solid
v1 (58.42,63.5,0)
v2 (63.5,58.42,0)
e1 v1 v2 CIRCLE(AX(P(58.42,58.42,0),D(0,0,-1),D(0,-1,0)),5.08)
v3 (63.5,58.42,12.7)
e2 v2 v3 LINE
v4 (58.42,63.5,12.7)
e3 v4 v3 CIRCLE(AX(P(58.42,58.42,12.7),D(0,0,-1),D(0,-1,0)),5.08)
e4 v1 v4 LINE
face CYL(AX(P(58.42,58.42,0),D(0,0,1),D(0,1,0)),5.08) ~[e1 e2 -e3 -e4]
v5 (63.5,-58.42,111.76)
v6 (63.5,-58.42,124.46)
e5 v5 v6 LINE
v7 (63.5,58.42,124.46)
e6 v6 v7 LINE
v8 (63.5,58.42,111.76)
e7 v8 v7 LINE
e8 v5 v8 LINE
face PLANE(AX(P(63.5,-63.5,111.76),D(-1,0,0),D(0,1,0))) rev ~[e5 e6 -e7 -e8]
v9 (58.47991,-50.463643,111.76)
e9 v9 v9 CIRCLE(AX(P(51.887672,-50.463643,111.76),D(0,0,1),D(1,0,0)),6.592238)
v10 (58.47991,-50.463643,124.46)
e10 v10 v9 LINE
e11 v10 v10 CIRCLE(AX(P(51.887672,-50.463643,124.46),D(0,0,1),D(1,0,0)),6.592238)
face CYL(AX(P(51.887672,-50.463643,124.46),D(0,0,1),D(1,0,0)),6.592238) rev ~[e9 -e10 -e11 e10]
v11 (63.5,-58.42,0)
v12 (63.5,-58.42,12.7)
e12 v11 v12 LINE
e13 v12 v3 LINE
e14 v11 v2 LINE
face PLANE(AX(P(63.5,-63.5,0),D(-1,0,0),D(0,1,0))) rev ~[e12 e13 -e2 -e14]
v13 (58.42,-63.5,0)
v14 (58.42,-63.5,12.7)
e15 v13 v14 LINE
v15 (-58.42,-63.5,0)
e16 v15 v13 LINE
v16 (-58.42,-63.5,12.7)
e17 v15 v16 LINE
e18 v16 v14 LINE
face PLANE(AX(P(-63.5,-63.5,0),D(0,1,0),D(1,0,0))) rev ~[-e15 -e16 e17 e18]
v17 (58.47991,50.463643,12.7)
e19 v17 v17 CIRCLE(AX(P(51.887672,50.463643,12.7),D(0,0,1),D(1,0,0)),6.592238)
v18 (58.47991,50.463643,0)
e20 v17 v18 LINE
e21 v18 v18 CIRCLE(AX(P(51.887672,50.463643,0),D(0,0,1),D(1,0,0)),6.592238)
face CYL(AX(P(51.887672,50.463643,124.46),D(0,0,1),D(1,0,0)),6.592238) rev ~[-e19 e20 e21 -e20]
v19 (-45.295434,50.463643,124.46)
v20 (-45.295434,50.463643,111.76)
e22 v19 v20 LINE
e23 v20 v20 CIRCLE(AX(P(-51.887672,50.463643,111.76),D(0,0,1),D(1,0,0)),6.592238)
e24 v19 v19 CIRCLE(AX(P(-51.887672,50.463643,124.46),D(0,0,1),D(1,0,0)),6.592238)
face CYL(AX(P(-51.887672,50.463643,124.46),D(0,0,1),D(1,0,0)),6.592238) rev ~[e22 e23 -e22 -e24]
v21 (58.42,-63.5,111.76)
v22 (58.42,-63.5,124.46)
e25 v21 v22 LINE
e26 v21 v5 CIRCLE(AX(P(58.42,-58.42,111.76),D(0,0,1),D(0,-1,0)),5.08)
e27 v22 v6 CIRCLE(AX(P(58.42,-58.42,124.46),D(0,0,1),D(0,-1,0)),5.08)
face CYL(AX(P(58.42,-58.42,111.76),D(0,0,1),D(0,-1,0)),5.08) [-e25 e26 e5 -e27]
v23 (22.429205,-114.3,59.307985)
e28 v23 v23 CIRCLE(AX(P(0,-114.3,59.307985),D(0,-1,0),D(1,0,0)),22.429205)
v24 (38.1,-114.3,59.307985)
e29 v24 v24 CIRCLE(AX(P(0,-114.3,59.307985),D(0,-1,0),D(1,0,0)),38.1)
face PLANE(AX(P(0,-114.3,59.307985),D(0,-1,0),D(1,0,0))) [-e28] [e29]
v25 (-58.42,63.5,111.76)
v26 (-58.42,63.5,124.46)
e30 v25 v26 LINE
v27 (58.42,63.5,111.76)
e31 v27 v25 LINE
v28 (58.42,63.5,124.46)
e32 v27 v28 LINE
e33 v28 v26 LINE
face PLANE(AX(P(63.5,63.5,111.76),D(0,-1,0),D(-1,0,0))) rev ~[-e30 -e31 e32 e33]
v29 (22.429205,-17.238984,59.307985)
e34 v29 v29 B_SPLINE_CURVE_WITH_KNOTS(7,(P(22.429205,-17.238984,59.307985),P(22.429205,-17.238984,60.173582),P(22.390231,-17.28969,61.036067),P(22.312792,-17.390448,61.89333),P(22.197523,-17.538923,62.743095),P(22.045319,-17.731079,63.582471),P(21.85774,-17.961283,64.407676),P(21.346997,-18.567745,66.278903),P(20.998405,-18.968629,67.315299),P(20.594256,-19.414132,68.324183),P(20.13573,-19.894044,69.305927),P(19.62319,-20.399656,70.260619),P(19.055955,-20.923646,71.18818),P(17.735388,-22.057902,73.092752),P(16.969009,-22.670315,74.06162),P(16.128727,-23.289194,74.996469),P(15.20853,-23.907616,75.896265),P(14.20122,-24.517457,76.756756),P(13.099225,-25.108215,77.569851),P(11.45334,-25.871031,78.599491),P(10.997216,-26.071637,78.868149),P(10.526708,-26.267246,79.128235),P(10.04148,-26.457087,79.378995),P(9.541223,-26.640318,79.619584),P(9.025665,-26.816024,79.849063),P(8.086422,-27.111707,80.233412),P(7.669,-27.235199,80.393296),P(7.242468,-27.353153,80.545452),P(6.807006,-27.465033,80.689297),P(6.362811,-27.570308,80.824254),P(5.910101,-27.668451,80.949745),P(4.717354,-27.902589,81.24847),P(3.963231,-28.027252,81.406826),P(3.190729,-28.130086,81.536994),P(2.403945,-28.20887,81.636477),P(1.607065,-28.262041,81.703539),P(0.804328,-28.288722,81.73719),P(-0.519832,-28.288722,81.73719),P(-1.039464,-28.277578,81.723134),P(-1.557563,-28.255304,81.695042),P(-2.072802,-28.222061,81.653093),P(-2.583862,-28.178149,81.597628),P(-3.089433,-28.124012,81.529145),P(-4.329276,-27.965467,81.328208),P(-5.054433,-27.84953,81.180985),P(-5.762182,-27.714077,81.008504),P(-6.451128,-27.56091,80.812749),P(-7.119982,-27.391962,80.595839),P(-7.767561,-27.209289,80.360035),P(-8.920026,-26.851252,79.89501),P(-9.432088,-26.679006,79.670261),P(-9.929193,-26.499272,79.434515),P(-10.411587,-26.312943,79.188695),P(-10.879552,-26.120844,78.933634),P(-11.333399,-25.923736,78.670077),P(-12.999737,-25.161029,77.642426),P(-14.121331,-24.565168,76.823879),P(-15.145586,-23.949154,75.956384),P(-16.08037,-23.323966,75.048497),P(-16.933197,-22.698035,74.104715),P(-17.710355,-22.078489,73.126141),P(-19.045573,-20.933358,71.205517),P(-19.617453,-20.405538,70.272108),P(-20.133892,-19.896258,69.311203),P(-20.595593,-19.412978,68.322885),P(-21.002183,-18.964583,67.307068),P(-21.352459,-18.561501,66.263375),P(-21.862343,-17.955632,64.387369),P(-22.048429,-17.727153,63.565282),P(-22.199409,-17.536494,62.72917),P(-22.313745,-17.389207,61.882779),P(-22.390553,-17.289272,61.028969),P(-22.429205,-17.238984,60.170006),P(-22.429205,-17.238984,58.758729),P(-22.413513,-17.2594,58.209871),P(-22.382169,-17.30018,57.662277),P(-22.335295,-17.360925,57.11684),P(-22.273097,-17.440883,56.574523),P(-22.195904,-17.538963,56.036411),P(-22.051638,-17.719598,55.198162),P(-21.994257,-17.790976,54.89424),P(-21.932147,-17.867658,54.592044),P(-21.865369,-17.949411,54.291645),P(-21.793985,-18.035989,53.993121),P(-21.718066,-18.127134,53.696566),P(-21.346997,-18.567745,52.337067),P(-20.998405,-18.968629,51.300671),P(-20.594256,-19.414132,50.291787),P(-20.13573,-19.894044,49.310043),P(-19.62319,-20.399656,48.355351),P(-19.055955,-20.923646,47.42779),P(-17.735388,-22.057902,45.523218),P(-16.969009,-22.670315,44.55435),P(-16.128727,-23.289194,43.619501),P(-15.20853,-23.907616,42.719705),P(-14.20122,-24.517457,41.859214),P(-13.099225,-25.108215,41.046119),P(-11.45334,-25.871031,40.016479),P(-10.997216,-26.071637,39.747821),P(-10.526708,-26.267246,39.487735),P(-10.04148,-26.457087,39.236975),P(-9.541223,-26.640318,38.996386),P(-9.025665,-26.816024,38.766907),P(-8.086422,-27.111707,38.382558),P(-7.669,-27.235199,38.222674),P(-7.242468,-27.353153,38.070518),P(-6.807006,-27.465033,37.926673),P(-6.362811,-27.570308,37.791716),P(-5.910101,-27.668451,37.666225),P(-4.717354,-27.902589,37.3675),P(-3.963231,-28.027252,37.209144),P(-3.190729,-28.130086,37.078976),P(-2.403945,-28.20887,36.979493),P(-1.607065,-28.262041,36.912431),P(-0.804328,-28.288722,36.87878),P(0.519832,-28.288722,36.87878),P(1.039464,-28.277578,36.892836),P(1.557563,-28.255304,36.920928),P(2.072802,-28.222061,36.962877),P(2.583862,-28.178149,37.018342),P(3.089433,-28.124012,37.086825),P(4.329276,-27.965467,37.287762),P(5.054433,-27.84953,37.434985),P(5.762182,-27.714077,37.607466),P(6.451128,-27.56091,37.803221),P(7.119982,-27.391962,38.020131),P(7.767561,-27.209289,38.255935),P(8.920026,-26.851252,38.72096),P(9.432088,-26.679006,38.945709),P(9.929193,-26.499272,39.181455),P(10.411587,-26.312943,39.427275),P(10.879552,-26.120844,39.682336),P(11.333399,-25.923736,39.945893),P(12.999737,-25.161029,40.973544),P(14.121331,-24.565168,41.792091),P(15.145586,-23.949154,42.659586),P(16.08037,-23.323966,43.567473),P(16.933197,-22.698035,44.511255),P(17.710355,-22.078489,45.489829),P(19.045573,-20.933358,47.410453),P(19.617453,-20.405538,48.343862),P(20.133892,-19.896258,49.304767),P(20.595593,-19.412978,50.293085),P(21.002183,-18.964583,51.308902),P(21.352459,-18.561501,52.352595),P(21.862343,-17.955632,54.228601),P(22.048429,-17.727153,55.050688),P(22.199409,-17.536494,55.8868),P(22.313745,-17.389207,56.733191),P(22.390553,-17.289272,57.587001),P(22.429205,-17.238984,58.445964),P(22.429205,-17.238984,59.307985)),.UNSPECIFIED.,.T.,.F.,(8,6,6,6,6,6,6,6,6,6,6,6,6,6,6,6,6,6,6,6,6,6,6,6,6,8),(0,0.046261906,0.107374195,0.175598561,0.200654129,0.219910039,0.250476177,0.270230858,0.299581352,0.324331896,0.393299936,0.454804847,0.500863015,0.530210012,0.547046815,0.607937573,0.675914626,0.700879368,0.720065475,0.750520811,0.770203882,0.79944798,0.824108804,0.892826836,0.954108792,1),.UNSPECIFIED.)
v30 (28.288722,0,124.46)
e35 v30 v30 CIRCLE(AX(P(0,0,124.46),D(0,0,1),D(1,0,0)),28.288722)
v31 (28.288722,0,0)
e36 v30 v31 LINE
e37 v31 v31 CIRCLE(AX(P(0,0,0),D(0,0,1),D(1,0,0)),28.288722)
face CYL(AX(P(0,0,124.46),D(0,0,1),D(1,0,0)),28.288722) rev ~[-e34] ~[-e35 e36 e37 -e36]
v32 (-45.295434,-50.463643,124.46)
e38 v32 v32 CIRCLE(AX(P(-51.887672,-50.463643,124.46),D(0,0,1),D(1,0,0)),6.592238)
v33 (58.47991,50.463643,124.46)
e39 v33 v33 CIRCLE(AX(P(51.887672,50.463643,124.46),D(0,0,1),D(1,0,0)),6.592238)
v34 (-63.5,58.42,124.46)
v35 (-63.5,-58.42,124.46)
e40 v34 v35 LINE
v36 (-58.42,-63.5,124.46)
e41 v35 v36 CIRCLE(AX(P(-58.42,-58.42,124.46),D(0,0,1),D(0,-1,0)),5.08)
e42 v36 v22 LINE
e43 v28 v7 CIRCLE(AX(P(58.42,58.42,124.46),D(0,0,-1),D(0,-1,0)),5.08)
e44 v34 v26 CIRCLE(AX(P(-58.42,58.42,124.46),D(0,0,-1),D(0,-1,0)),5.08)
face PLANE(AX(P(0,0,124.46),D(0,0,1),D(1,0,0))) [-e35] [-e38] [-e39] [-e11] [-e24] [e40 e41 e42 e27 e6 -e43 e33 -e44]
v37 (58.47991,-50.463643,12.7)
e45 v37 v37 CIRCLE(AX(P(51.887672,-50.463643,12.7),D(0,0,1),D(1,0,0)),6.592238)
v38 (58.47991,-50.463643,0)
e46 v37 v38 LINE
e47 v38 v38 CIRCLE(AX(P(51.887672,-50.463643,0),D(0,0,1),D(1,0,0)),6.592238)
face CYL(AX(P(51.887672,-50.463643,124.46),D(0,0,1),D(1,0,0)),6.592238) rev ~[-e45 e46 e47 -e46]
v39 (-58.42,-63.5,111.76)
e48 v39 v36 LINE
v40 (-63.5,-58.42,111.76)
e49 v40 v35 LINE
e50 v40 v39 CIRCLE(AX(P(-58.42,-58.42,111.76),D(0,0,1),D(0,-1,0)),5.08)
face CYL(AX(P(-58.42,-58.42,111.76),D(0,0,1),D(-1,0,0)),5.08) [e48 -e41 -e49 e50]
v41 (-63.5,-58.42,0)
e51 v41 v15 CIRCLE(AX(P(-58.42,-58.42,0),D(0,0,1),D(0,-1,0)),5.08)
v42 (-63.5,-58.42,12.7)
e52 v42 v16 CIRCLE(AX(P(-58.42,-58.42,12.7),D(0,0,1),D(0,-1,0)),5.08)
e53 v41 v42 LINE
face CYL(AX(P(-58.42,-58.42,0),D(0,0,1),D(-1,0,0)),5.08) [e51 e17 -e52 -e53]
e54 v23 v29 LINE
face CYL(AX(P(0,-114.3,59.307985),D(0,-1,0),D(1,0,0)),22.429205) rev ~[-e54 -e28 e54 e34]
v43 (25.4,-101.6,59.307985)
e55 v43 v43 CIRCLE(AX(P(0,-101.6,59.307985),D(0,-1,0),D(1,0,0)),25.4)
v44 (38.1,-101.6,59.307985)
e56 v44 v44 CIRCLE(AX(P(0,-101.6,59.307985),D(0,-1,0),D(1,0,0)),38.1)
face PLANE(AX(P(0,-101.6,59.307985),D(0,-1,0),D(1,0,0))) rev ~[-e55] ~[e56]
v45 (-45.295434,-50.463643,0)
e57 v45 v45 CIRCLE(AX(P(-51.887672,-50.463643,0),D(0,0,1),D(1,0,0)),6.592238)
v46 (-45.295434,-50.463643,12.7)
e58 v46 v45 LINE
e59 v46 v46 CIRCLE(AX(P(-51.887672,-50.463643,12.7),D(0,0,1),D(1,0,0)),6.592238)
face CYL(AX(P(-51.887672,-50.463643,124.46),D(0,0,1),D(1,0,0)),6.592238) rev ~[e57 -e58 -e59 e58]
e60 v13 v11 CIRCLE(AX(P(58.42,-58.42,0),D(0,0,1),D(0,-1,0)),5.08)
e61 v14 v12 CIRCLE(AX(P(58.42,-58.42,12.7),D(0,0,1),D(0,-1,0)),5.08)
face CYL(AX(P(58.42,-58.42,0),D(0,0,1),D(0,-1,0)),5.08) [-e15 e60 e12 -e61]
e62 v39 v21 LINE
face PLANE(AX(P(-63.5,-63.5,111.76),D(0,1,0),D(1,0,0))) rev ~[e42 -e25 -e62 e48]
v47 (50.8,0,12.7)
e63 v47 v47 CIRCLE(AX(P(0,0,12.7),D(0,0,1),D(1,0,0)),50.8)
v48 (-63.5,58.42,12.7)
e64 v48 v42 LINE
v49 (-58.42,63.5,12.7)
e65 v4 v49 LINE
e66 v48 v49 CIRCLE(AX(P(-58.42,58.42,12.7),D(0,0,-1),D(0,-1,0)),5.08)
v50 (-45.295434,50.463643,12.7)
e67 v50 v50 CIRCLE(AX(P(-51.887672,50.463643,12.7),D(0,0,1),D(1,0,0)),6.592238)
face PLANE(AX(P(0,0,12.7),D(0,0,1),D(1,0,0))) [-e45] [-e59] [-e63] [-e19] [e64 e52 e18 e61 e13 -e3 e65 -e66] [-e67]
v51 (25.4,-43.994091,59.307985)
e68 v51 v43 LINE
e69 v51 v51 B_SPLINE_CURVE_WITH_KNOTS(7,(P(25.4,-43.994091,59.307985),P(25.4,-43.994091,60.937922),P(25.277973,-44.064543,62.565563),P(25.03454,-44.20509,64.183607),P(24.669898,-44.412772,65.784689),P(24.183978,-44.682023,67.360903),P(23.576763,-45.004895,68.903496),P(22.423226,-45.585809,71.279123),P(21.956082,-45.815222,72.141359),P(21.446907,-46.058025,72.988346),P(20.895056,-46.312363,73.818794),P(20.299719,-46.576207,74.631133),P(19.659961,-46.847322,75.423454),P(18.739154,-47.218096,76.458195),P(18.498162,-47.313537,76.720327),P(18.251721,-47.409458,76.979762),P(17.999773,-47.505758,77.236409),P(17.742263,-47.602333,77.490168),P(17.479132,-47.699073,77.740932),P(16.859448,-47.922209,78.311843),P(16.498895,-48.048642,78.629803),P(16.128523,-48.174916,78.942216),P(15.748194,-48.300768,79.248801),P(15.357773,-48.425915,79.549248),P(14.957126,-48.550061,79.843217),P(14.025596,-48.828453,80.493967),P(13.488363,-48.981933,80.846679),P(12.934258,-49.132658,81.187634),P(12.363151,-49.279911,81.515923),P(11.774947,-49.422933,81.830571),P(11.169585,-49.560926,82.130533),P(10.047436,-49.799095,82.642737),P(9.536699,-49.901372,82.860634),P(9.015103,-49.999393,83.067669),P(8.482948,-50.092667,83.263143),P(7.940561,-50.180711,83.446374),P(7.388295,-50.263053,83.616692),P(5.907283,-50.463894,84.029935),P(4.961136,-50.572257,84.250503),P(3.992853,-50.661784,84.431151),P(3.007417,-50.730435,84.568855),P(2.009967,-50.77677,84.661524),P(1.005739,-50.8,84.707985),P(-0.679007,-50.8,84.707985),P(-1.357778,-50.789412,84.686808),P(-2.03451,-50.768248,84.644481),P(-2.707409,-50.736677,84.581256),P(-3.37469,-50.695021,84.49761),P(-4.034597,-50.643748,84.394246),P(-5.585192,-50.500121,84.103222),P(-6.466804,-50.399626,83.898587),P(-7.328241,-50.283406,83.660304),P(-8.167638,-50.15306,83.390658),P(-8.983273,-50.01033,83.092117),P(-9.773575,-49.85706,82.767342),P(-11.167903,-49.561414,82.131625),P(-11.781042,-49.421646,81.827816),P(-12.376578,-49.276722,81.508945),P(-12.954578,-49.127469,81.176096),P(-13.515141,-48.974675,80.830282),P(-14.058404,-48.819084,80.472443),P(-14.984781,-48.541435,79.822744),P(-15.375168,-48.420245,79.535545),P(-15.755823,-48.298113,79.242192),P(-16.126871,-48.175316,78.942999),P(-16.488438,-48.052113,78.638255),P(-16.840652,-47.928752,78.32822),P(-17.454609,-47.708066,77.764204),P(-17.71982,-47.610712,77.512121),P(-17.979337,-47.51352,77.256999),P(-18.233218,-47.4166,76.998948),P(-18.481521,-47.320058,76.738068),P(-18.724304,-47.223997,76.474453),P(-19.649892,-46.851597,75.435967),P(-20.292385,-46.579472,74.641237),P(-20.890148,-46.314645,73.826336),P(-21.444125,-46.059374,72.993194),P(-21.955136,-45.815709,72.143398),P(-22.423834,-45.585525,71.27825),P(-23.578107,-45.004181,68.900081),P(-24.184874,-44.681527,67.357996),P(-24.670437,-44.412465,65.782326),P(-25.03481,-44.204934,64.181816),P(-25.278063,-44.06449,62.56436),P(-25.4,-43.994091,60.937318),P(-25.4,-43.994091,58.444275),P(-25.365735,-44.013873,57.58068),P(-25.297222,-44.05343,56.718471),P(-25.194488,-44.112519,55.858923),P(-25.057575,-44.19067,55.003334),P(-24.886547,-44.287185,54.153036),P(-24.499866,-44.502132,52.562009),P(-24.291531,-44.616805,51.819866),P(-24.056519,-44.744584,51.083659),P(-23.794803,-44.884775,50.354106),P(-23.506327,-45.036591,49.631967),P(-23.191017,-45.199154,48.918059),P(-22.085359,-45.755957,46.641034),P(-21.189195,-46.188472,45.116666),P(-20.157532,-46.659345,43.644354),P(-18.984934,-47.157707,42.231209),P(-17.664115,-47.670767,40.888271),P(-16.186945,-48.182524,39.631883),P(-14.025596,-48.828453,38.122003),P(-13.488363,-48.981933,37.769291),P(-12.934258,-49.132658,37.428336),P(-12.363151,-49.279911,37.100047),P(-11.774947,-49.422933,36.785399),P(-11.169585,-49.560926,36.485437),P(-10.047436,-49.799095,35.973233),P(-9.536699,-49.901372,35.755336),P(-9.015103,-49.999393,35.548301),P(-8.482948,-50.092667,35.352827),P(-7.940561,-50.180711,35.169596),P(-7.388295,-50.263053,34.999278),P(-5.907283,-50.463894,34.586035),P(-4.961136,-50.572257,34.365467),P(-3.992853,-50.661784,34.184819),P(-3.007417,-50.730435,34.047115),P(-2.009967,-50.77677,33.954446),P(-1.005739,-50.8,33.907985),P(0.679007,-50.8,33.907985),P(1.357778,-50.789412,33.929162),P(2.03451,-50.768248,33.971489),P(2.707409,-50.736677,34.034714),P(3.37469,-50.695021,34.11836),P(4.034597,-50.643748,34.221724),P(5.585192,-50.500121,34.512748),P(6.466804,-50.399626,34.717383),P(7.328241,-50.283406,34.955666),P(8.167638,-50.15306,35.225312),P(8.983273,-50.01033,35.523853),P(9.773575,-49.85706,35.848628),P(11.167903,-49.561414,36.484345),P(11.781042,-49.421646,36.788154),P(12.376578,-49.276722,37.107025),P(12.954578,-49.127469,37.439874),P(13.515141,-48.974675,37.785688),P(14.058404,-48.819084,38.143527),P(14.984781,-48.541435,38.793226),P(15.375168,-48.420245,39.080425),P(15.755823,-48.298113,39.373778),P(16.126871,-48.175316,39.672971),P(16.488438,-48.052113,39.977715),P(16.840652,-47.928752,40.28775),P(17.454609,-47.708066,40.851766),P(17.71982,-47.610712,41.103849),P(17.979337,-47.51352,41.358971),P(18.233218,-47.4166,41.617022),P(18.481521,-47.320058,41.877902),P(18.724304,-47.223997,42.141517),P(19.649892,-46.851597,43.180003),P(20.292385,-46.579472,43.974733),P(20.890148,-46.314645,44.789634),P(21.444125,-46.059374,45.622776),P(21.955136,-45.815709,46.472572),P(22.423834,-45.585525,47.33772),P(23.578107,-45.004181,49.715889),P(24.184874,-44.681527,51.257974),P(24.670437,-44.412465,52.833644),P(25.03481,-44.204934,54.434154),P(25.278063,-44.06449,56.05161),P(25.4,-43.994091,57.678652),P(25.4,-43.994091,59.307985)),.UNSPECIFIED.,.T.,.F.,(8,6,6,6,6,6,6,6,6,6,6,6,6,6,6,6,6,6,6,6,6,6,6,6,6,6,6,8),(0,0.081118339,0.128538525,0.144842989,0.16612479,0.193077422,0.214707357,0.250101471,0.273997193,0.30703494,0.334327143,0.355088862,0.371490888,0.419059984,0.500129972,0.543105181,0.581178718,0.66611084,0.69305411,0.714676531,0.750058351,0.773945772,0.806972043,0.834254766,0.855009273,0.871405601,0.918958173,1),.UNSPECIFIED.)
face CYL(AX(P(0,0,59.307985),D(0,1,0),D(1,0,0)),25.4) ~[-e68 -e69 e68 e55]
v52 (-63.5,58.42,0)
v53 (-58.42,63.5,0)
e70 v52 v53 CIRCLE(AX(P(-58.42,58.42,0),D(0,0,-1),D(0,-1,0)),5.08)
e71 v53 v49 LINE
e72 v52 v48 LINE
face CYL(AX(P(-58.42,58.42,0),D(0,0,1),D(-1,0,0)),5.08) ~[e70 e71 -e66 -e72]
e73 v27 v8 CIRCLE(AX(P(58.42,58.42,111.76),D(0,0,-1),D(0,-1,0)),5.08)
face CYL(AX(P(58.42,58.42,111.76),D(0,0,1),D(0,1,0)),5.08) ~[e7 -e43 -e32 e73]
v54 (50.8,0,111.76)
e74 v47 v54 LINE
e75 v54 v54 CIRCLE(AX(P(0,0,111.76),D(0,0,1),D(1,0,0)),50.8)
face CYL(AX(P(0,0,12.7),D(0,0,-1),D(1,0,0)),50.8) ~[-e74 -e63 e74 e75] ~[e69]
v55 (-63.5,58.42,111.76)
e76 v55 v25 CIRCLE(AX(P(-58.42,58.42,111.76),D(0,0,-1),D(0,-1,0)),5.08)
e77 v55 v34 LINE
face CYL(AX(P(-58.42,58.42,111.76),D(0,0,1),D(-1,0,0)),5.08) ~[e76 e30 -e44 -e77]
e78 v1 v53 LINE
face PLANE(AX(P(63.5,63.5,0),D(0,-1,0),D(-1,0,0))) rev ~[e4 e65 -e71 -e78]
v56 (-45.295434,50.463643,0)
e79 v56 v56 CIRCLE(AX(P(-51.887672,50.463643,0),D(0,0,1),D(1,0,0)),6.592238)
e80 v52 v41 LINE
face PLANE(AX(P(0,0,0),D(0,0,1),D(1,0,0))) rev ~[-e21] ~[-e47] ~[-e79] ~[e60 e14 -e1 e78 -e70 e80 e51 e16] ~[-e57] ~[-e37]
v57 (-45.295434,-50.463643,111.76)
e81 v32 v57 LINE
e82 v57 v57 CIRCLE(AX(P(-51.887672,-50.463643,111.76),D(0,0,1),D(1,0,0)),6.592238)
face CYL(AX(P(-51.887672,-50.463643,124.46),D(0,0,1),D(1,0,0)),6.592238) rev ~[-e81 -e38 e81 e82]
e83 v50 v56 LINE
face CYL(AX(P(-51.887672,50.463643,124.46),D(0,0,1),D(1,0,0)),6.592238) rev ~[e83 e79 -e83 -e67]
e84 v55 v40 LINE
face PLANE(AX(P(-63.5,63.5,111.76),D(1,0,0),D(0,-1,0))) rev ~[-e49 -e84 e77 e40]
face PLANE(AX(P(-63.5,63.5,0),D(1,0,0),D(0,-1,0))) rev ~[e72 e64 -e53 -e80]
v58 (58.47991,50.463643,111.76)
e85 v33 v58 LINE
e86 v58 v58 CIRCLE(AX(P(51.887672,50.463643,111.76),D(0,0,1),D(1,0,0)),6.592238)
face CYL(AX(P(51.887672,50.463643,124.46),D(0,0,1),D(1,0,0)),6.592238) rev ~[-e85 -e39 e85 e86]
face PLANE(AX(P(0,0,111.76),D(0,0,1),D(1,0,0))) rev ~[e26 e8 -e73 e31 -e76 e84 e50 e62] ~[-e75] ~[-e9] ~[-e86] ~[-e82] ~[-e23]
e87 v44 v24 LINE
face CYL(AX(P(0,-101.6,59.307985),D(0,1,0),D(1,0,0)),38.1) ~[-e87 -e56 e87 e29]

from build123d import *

# Parameters (mm, degrees)
F1_DEPTH  = 12.7
F2_R      = 50.8
F3_DEPTH  = 99.06
F5_DEPTH  = 12.7
F6_R      = 25.4
F7_DEPTH  = 101.6
F8_R      = 38.1
F9_DEPTH  = 12.7
F10_R     = 22.429205
F11_DEPTH = 101.6
F12_R     = 6.592238
F13_DEPTH = 124.461
F14_R     = 5.08
F15_R     = 28.288722
F16_DEPTH = 124.461


with BuildPart() as f1:
    # F0 (on Top) → F1 (new body)
    with BuildSketch(Plane.XY):
        Polygon((-63.5, 63.5), (-63.5, 0), (-63.5, -63.5), (0, -63.5), (63.5, -63.5), (63.5, 0), (63.5, 63.5), (0, 63.5), align=None)
    extrude(amount=F1_DEPTH)

    # F2 (on face) → F3 (join)
    with BuildSketch(Plane.XY.offset(12.7)):
        Circle(F2_R)
    extrude(amount=F3_DEPTH)

    # F4 (on face) → F5 (join)
    with BuildSketch(Plane.XY.offset(111.76)):
        Polygon((-63.5, 63.5), (-63.5, 0), (-63.5, -63.5), (0, -63.5), (63.5, -63.5), (63.5, 0), (63.5, 63.5), (0, 63.5), align=None)
    extrude(amount=F5_DEPTH)

    # F6 (on Front) → F7 (join)
    with BuildSketch(Plane.XZ):
        with Locations((0, 59.307985)):
            Circle(F6_R)
    extrude(amount=F7_DEPTH)

    # F8 (on face) → F9 (join)
    with BuildSketch(Plane.XZ.offset(101.6)):
        with Locations((0, 59.307985)):
            Circle(F8_R)
    extrude(amount=F9_DEPTH)

    # F10 (on face) → F11 (cut)
    with BuildSketch(Plane.XZ.offset(114.3)):
        with Locations((0, 59.307985)):
            Circle(F10_R)
    extrude(amount=-F11_DEPTH, mode=Mode.SUBTRACT)

    # F12 (on face) → F13 (cut, through all)
    with BuildSketch(Plane.XY.offset(124.46)):
        with Locations((-51.887672, 50.463643)):
            Circle(F12_R)
        with Locations((51.887672, 50.463643)):
            Circle(F12_R)
        with Locations((51.887672, -50.463643)):
            Circle(F12_R)
        with Locations((-51.887672, -50.463643)):
            Circle(F12_R)
    extrude(amount=-F13_DEPTH, mode=Mode.SUBTRACT)

    # F14
    f14_edges = [f1.edges().sort_by_distance(p)[0] for p in [
        (63.5, -63.5, 118.11),
        (63.5, 63.5, 118.11),
        (63.5, 63.5, 6.35),
        (63.5, -63.5, 6.35),
        (-63.5, -63.5, 118.11),
        (-63.5, -63.5, 6.35),
        (-63.5, 63.5, 118.11),
        (-63.5, 63.5, 6.35),
    ]]
    fillet(f14_edges, radius=F14_R)

    # F15 (on face) → F16 (cut, through all)
    with BuildSketch(Plane.XY.offset(124.46)):
        Circle(F15_R)
    extrude(amount=-F16_DEPTH, mode=Mode.SUBTRACT)


solid = f1.part
